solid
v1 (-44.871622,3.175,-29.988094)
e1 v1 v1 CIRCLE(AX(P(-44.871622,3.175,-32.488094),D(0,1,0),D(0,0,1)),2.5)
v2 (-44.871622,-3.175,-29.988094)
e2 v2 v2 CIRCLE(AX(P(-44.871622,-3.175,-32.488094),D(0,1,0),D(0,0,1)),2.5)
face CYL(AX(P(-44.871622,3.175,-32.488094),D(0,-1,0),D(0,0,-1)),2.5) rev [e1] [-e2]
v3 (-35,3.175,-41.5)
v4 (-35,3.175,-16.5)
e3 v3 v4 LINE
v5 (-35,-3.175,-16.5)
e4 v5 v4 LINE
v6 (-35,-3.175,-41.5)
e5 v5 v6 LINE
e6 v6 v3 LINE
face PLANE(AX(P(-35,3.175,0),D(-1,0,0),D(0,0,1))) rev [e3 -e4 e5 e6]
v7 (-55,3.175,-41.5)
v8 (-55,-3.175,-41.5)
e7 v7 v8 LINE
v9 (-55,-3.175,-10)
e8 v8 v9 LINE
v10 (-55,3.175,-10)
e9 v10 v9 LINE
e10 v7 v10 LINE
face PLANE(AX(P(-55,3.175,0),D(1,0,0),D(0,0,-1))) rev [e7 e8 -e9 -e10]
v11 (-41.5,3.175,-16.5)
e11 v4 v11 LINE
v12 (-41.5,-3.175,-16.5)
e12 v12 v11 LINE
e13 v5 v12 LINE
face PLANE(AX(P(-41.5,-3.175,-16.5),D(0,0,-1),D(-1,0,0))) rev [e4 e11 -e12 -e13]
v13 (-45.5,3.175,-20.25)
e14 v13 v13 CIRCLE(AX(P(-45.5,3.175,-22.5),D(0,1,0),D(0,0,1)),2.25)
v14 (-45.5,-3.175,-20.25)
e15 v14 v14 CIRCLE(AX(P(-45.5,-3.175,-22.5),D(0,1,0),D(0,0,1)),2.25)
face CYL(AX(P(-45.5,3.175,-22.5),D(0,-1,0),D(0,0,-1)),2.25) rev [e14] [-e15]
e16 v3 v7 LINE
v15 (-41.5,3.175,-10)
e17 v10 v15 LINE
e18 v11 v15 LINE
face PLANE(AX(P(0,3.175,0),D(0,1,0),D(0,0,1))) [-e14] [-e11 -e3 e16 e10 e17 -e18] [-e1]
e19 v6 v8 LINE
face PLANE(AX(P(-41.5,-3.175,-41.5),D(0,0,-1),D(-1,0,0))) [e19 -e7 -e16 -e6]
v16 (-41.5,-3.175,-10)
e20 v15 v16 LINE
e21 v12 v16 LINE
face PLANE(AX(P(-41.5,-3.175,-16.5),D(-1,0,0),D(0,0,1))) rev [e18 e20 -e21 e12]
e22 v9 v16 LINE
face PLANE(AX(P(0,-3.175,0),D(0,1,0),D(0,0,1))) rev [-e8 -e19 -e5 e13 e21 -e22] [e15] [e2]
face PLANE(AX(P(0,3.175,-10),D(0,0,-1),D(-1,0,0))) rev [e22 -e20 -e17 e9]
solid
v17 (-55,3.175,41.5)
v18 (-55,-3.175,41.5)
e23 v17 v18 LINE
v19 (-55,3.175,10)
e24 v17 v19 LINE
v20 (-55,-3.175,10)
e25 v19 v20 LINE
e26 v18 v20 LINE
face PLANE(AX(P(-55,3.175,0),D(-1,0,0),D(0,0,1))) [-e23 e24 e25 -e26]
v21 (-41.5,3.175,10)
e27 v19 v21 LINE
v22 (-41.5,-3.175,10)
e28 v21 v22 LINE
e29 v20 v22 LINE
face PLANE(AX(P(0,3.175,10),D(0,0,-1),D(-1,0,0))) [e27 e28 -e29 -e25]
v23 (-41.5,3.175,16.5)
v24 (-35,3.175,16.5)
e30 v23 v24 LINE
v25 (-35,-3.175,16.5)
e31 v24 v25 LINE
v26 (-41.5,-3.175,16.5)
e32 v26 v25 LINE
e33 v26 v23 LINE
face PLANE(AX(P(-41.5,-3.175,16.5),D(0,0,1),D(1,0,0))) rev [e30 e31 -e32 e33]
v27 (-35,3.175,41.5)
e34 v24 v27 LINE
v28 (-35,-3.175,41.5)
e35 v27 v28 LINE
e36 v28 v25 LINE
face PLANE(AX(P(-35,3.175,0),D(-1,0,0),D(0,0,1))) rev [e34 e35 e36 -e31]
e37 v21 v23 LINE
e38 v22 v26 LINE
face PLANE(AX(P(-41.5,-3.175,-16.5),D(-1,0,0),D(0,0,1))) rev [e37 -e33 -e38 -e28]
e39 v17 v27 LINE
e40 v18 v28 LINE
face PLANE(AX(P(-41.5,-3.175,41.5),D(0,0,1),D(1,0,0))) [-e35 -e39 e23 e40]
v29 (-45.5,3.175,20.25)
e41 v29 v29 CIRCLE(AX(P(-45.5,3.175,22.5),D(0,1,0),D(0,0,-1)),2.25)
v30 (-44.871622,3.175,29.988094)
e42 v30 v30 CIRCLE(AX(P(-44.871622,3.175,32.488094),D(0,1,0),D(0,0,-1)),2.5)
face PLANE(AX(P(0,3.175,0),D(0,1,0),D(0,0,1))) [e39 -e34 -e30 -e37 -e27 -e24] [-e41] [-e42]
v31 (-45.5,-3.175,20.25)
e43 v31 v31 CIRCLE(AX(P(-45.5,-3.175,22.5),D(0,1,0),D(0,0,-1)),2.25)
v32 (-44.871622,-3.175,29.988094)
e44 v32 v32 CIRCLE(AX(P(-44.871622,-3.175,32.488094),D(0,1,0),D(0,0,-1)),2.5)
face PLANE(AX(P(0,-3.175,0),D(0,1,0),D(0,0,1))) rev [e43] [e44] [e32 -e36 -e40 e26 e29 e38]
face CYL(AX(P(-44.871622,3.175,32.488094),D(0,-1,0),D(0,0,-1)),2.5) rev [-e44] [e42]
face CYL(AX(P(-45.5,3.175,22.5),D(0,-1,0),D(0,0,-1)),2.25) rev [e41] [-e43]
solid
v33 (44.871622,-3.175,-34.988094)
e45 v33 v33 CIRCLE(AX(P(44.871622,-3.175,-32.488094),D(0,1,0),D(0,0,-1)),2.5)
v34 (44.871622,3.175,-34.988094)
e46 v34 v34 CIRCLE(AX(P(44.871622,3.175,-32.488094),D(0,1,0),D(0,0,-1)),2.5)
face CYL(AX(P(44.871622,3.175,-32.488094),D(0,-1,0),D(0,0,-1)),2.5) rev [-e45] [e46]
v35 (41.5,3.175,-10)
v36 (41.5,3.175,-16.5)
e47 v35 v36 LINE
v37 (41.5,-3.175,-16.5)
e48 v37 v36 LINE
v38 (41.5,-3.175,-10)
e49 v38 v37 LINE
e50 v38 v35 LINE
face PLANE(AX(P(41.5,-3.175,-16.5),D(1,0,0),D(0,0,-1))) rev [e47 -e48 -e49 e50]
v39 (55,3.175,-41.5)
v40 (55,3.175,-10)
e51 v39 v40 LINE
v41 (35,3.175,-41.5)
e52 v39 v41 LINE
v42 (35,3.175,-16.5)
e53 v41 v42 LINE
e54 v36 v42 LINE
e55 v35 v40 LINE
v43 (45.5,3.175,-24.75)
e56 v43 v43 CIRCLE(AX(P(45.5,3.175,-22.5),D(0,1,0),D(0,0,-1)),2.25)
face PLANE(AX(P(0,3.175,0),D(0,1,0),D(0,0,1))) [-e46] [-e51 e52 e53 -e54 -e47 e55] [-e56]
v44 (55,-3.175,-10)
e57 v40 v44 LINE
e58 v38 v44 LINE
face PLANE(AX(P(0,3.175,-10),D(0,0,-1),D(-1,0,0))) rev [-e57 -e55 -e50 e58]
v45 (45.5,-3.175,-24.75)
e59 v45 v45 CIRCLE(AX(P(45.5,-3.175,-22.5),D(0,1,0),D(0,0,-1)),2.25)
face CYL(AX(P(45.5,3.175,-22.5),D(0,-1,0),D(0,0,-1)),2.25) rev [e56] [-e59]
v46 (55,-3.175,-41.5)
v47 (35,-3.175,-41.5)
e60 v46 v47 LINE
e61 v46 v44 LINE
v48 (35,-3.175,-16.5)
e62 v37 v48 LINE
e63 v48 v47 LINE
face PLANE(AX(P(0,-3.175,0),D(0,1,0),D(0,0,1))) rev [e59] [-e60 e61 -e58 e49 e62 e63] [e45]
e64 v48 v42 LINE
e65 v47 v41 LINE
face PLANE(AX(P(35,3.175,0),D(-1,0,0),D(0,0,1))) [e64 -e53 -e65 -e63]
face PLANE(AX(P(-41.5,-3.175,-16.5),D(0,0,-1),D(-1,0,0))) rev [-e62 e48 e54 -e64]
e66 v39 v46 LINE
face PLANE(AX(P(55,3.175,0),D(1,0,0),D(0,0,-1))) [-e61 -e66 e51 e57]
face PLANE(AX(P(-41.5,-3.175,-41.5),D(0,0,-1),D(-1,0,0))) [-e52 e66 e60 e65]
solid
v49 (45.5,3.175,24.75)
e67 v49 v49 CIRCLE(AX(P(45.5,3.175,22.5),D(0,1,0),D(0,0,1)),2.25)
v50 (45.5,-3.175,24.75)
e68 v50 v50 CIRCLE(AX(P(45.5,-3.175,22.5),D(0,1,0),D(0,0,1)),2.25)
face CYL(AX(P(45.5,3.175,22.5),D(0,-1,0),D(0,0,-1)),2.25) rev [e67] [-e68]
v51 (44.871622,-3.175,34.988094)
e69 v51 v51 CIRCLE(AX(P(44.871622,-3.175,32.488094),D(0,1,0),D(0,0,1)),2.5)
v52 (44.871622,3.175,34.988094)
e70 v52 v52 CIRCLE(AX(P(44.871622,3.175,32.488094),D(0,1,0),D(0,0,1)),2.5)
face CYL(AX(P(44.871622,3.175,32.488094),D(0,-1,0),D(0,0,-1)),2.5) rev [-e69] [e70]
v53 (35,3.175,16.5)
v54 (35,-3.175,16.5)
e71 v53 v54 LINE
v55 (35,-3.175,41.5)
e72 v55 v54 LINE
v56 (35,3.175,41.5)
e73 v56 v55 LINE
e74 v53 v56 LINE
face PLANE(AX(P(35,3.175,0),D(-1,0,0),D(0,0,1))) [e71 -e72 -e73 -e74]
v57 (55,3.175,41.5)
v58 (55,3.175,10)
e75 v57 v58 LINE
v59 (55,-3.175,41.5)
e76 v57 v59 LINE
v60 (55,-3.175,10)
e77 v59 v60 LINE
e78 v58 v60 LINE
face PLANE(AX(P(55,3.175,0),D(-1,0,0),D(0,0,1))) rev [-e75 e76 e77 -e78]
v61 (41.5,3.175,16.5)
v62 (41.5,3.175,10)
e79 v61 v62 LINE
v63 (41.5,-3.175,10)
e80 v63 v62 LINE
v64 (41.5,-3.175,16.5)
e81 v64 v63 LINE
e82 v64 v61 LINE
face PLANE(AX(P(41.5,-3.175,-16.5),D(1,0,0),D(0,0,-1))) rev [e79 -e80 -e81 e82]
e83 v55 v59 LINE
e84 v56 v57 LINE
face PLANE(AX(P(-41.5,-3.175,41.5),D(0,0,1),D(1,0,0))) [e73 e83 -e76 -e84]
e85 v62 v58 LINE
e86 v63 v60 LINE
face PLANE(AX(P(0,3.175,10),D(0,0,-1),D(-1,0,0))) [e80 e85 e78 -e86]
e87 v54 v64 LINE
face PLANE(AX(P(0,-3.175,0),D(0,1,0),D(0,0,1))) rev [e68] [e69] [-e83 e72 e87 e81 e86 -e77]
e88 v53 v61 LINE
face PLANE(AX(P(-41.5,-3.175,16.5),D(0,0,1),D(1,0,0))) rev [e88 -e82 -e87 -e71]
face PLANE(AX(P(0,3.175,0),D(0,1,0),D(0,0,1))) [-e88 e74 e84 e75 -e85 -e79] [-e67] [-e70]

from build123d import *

# Parameters (mm, degrees)
EXTRUDE_THIN1_DEPTH      = 3.175
EXTRUDE_THIN1_DEPTH_BACK = 3.175
SKETCH1_W                = 133
SKETCH1_H                = 83
SKETCH1_W_2              = 83
SKETCH1_H_2              = 33
CUT_EXTRUDE3_DEPTH       = 79.451135269
CUT_EXTRUDE3_DEPTH_BACK  = 79.451135269
SKETCH2_W                = 70
SKETCH2_H                = 100
CUT_EXTRUDE4_DEPTH       = 69.973405201
CUT_EXTRUDE4_DEPTH_BACK  = 69.973405201
SKETCH3_R                = 2.25
SKETCH3_R_2              = 2.5


with BuildPart() as part:
    # Sketch1 → Extrude-Thin1 (new, two sides: drawn at the far end of the back side and taken through both)
    with BuildSketch(Plane(origin=(0, 0, 0), x_dir=(1, 0, 0), z_dir=(0, 1, 0)).offset(-EXTRUDE_THIN1_DEPTH_BACK)):
        Rectangle(SKETCH1_W, SKETCH1_H)
        Rectangle(SKETCH1_W_2, SKETCH1_H_2, mode=Mode.SUBTRACT)
    extrude(amount=EXTRUDE_THIN1_DEPTH + EXTRUDE_THIN1_DEPTH_BACK)

    # Sketch2 → Cut-Extrude3 (cut, two sides: drawn at the far end of the back side and taken through both)
    with BuildSketch(Plane(origin=(0, 0, 0), x_dir=(1, 0, 0), z_dir=(0, 1, 0)).offset(-CUT_EXTRUDE3_DEPTH_BACK)):
        Polygon((-75, 10), (-66.5, 10), (-66.5, 41.5), (-55, 41.5), (-55, 10), (55, 10), (55, 41.5), (66.5, 41.5), (66.5, 10), (75, 10), (75, -10), (66.5, -10), (66.5, -41.5), (55, -41.5), (55, -10), (-55, -10), (-55, -41.5), (-66.5, -41.5), (-66.5, -10), (-75, -10), align=None)
        Rectangle(SKETCH2_W, SKETCH2_H)
    extrude(amount=CUT_EXTRUDE3_DEPTH + CUT_EXTRUDE3_DEPTH_BACK, mode=Mode.SUBTRACT)


with BuildPart() as cut_extrude3_piece_1:
    # of the separate pieces the step leaves, piece 1, a body of its own (cut_extrude3_pieces)
    add(part.part.solids().sort_by_distance((55, 3.175, 41.5))[0])


with BuildPart() as cut_extrude3_piece_2:
    # of the separate pieces the step leaves, piece 2, a body of its own (cut_extrude3_pieces)
    add(part.part.solids().sort_by_distance((41.5, -3.175, -10))[0])


with BuildPart() as cut_extrude3_piece_3:
    # of the separate pieces the step leaves, piece 3, a body of its own (cut_extrude3_pieces)
    add(part.part.solids().sort_by_distance((-55, -3.175, -41.5))[0])


with BuildPart() as cut_extrude3_piece_4:
    # of the separate pieces the step leaves, piece 4, a body of its own (cut_extrude3_pieces)
    add(part.part.solids().sort_by_distance((-35, -3.175, 41.5))[0])


with BuildPart() as cut_extrude4_tool:
    # Sketch3 → Cut-Extrude4 (new, two sides: drawn at the far end of the back side and taken through both)
    with BuildSketch(Plane(origin=(0, 0, 0), x_dir=(1, 0, 0), z_dir=(0, 1, 0)).offset(-CUT_EXTRUDE4_DEPTH_BACK)):
        with Locations(Location((-45.5, 22.5, 0), (0, 0, 270))):
            Circle(SKETCH3_R)
        with Locations(Location((45.5, 22.5, 0), (0, 0, 90))):
            Circle(SKETCH3_R)
        with Locations(Location((45.5, -22.5, 0), (0, 0, 270))):
            Circle(SKETCH3_R)
        with Locations(Location((-45.5, -22.5, 0), (0, 0, 90))):
            Circle(SKETCH3_R)
        with Locations(Location((-44.871622394, 32.488094285, 0), (0, 0, 270))):
            Circle(SKETCH3_R_2)
        with Locations(Location((-44.871622394, -32.488094285, 0), (0, 0, 90))):
            Circle(SKETCH3_R_2)
        with Locations(Location((44.871622394, -32.488094285, 0), (0, 0, 270))):
            Circle(SKETCH3_R_2)
        with Locations(Location((44.871622394, 32.488094285, 0), (0, 0, 90))):
            Circle(SKETCH3_R_2)
    extrude(amount=CUT_EXTRUDE4_DEPTH + CUT_EXTRUDE4_DEPTH_BACK)


with BuildPart() as cut_extrude3_piece_1_1:
    add(cut_extrude3_piece_1.part)

    # Cut-Extrude4: cut by cut_extrude4_tool
    add(cut_extrude4_tool.part, mode=Mode.SUBTRACT)


with BuildPart() as cut_extrude3_piece_2_1:
    add(cut_extrude3_piece_2.part)

    # Cut-Extrude4: cut by cut_extrude4_tool
    add(cut_extrude4_tool.part, mode=Mode.SUBTRACT)


with BuildPart() as cut_extrude3_piece_3_1:
    add(cut_extrude3_piece_3.part)

    # Cut-Extrude4: cut by cut_extrude4_tool
    add(cut_extrude4_tool.part, mode=Mode.SUBTRACT)


with BuildPart() as cut_extrude3_piece_4_1:
    add(cut_extrude3_piece_4.part)

    # Cut-Extrude4: cut by cut_extrude4_tool
    add(cut_extrude4_tool.part, mode=Mode.SUBTRACT)


solid = Compound([cut_extrude3_piece_1_1.part, cut_extrude3_piece_2_1.part, cut_extrude3_piece_3_1.part, cut_extrude3_piece_4_1.part])
